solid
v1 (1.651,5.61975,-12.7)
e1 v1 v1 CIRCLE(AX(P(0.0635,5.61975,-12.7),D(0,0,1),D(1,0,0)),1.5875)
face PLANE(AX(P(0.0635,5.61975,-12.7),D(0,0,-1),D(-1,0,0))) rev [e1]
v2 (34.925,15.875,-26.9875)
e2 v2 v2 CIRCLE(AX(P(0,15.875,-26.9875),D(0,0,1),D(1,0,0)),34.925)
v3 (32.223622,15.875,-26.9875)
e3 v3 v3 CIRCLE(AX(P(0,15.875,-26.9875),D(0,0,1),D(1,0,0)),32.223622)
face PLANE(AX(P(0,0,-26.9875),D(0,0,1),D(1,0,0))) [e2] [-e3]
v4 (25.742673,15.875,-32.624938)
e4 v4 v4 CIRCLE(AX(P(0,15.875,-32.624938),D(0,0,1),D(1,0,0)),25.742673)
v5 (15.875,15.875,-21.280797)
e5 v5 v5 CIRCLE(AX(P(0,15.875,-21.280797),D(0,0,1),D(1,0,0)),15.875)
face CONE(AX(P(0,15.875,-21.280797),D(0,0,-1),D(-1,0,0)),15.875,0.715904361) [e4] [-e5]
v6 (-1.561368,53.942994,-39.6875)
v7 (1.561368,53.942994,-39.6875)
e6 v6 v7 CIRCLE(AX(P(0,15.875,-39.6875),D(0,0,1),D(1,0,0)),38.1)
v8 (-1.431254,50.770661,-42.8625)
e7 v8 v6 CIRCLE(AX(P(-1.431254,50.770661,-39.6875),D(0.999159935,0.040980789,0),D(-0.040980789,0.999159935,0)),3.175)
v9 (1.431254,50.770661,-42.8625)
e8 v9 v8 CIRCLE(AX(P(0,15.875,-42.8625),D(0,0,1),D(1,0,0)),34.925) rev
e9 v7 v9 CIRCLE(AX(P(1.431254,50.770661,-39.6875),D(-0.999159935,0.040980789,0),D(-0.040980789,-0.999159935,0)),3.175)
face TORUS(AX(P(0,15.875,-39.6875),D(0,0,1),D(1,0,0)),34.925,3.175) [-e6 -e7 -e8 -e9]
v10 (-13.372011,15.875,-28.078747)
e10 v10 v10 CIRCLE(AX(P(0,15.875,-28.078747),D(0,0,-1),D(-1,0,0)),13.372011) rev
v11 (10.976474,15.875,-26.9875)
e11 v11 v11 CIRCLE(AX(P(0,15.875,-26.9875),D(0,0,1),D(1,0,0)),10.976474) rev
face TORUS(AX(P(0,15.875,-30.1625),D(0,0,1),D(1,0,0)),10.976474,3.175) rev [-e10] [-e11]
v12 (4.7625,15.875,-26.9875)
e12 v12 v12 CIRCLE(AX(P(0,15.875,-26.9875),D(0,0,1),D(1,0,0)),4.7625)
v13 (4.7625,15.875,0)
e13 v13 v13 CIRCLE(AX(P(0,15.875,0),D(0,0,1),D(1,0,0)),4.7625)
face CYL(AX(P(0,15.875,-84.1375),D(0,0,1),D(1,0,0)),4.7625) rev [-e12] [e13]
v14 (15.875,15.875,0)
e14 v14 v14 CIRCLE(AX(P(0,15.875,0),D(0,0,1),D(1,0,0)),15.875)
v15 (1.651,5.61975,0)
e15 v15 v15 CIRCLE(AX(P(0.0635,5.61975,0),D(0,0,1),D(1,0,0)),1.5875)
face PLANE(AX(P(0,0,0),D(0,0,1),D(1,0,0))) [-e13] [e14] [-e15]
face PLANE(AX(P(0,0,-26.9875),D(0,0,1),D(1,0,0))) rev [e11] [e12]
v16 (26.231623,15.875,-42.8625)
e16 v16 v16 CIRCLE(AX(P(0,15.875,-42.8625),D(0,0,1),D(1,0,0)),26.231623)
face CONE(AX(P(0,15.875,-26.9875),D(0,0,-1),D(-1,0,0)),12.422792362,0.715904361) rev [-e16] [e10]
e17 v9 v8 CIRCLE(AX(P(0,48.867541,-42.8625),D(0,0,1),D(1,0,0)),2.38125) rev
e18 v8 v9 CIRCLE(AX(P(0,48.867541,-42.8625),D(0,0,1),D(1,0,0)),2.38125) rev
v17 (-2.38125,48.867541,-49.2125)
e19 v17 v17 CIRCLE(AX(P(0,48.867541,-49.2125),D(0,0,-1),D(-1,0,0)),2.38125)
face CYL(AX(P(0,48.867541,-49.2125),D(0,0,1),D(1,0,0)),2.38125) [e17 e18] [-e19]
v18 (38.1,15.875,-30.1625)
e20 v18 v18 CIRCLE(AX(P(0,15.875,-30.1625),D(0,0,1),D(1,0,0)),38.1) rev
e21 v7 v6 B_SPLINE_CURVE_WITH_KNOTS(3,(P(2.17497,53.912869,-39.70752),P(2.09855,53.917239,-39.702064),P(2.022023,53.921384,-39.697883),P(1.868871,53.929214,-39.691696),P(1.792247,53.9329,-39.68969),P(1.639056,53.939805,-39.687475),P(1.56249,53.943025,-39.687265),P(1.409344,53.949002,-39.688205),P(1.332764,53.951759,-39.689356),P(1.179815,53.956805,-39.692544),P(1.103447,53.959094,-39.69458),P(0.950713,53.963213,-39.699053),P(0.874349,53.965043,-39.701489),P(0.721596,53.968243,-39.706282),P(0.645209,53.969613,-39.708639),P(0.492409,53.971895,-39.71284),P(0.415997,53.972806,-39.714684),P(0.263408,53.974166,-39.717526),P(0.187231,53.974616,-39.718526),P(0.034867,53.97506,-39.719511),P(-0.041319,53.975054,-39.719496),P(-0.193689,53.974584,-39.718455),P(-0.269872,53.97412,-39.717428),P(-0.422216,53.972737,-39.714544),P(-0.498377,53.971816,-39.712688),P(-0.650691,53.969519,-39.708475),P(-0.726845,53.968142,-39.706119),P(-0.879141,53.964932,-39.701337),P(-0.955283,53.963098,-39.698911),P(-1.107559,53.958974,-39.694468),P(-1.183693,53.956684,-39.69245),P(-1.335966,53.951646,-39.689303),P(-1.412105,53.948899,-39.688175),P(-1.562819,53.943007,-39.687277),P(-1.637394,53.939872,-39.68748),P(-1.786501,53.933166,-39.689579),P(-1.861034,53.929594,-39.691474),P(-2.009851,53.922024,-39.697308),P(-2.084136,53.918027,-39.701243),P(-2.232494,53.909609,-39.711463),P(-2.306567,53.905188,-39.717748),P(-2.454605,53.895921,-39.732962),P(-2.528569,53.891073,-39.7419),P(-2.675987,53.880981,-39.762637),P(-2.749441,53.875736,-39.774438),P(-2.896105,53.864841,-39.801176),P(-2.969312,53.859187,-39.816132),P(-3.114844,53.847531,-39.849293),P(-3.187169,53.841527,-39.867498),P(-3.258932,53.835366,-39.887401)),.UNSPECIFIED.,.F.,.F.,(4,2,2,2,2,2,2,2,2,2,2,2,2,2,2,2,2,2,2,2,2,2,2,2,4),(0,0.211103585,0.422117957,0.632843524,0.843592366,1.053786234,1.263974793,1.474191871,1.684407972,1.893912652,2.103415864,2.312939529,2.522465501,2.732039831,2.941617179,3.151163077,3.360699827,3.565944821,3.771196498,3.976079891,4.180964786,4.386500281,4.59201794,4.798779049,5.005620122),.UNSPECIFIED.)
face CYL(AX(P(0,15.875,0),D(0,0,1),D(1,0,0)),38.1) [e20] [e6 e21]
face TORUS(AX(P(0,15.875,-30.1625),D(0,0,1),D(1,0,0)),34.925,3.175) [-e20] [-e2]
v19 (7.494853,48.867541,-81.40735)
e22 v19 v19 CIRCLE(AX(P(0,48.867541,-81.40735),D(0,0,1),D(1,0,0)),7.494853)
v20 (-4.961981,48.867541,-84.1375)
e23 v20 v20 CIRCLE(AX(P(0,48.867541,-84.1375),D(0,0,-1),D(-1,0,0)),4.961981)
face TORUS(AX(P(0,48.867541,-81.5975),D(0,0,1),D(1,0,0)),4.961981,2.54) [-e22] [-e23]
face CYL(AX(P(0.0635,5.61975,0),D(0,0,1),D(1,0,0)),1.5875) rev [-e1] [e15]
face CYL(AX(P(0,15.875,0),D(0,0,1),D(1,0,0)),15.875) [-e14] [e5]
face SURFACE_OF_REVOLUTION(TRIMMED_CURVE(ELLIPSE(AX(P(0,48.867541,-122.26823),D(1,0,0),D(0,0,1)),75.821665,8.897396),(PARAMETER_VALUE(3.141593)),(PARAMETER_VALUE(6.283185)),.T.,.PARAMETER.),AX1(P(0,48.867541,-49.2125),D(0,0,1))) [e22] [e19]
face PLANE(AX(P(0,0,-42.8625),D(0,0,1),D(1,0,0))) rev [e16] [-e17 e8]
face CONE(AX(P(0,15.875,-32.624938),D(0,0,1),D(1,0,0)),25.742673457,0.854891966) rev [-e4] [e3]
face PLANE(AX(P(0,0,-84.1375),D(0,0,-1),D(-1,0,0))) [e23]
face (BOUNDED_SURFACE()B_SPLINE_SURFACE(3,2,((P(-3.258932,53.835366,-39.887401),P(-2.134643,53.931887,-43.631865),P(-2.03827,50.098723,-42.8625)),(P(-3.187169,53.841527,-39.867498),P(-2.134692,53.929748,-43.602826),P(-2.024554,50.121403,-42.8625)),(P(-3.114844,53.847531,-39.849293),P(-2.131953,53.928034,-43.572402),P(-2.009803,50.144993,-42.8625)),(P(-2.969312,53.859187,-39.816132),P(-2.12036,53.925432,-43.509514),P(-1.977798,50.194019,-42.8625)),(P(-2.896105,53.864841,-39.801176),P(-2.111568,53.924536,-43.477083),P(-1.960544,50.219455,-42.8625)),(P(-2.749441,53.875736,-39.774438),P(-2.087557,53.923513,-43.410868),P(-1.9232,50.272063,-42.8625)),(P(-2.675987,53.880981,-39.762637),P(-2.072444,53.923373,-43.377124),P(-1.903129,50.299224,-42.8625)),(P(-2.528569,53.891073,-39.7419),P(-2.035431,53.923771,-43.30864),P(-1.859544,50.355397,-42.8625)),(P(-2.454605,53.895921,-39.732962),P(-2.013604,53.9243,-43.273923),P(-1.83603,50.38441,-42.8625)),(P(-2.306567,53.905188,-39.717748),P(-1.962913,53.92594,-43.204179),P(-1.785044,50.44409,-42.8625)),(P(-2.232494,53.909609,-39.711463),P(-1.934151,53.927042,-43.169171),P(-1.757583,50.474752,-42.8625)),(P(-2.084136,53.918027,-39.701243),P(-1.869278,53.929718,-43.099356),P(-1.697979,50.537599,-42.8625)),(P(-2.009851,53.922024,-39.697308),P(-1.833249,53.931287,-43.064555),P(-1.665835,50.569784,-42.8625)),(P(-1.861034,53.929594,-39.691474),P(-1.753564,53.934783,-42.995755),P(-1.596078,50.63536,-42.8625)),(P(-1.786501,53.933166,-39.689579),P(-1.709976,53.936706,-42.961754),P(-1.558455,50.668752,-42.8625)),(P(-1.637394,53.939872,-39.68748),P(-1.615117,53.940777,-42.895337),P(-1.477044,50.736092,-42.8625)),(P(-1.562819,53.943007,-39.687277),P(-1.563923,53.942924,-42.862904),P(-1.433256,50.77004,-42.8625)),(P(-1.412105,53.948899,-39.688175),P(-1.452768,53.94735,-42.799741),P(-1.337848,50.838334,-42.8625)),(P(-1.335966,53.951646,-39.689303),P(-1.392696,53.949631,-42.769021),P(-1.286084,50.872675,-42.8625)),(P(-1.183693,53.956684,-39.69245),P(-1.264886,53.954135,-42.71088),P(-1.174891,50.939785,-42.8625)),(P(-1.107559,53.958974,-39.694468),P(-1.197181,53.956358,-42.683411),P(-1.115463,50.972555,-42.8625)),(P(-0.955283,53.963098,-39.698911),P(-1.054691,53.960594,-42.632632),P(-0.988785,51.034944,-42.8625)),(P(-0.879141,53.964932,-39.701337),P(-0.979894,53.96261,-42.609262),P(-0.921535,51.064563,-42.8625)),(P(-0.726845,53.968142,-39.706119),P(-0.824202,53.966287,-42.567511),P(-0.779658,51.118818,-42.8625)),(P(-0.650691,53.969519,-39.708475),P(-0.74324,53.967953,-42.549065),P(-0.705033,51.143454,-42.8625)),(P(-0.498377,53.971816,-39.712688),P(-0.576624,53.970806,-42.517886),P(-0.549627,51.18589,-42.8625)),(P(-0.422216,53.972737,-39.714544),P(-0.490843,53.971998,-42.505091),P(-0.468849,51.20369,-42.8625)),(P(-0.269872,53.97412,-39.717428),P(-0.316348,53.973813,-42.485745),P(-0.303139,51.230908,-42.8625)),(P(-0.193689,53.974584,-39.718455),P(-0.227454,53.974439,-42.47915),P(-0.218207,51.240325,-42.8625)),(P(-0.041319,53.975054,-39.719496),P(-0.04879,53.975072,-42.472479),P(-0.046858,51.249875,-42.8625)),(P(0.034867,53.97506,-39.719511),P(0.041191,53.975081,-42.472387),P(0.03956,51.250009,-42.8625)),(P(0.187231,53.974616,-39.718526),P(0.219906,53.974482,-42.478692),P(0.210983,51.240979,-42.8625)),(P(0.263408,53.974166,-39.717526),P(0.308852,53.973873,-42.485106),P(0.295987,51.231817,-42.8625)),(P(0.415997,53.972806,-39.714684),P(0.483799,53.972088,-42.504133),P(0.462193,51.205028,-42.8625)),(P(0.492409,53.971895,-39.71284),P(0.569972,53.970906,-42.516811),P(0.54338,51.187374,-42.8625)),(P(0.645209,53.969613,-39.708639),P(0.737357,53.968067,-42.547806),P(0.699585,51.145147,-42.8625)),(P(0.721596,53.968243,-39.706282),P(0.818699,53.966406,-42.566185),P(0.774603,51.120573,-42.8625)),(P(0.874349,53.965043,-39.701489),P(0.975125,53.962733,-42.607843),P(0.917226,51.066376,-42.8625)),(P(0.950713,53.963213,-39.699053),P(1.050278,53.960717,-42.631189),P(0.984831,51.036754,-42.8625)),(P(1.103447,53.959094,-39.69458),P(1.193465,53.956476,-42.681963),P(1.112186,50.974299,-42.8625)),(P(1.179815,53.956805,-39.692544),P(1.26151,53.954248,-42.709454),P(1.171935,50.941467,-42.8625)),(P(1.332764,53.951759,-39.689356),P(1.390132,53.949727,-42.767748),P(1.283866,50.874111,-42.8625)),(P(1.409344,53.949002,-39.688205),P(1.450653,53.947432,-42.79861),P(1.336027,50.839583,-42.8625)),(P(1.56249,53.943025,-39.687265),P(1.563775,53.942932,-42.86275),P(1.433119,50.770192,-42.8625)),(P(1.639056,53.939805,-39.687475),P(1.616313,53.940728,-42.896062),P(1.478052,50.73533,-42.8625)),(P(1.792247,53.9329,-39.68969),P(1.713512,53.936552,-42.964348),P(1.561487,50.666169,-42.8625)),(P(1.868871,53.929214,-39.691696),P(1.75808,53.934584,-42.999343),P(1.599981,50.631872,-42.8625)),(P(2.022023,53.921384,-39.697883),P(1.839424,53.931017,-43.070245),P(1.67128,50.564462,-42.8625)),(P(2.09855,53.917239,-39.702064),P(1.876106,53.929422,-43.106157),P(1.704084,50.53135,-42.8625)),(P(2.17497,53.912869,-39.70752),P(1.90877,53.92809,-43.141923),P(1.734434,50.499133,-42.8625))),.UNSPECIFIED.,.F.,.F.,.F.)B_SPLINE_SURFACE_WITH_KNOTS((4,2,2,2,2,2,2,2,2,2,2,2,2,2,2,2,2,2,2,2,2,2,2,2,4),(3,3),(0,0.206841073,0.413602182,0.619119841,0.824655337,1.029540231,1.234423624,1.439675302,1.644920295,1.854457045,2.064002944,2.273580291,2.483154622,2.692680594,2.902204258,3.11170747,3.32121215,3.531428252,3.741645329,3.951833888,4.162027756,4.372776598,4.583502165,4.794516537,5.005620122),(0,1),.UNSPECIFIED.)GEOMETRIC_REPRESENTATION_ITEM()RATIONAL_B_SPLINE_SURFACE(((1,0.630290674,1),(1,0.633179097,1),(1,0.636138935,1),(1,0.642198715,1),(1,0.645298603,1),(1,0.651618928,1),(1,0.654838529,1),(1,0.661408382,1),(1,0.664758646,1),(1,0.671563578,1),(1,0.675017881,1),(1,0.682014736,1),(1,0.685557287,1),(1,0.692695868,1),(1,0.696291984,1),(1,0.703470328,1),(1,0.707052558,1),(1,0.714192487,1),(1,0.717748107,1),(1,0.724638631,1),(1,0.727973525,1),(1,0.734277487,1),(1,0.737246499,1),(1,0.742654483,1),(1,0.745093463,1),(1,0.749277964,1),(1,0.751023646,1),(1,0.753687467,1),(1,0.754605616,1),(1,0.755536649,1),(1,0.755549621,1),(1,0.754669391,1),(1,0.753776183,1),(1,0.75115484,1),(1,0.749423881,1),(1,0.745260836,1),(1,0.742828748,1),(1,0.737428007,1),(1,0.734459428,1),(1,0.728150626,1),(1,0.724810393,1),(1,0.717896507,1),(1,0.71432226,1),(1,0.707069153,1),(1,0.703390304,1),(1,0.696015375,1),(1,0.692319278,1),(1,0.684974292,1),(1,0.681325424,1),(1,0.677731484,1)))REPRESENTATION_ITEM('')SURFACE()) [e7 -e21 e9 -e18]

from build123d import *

# Parameters (mm, degrees)
SKETCH3_R                        = 2.38125
BOSS_EXTRUDE1_DEPTH              = 6.35
FILLET1_R                        = 2.54
FILLET3_R                        = 3.175
SKETCH5_R                        = 4.7625
SCREW_HOLE_CUT_EXTRUDE2_DEPTH    = 109.204676355
F_1_8_0_125_DIAMETER_HOLE1_D     = 3.175
F_1_8_0_125_DIAMETER_HOLE1_DEPTH = 12.7


with BuildPart() as part:
    # Sketch2 → Revolve1 (revolve)
    with BuildSketch(Plane(origin=(0, 0, 0), x_dir=(0, 0, -1), z_dir=(1, 0, 0)), mode=Mode.PRIVATE) as revolve1_sk:
        Polygon((32.624937731, 41.617673457), (21.280797071, 31.75), (0, 31.75), (0, 18.415), (12.7, 18.415), (12.7, 15.875), (26.9875, 15.875), (26.9875, 28.297792362), (42.8625, 42.106622913), (42.8625, 53.975), (26.9875, 53.975), (26.9875, 48.098622271), align=None)
    revolve(revolve1_sk.sketch.rotate(Axis((0, 15.875, 0), (0, 0, -1)), 90), axis=Axis((0, 15.875, 0), (0, 0, -1)))

    # Sketch3 → Boss-Extrude1 (add)
    with BuildSketch(Plane(origin=(0, 0, -42.8625), x_dir=(-1, 0, 0), z_dir=(0, 0, -1))):
        with Locations(Location((0, 48.867541329, 0), (0, 0, 180))):
            Circle(SKETCH3_R)
    extrude(amount=BOSS_EXTRUDE1_DEPTH)

    # Sketch4 → Revolve2 (revolve)
    with BuildSketch(Plane(origin=(0, 0, 0), x_dir=(0, 0, -1), z_dir=(1, 0, 0))):
        with BuildLine():
            add(Edge.make_bspline(
                [(84.1375, 56.557956647), (57.469839142, 54.737210229), (49.2125, 51.248791329)],
                knots=[5.239339857, 5.239339857, 5.239339857, 6.012248194, 6.012248194, 6.012248194], degree=2, weights=[1, 0.926251327, 1]))
            Line((49.2125, 51.248791329), (49.2125, 48.867541329))
            Line((49.2125, 48.867541329), (84.1375, 48.867541329))
            Line((84.1375, 48.867541329), (84.1375, 56.557956647))
        make_face()
    revolve(axis=Axis((0, 48.867541329, -49.2125), (0, 0, -1)))

    # Fillet1
    fillet1_edges = [part.edges().sort_by_distance(p)[0] for p in [
        (0, 41.177126011, -84.1375),
    ]]
    fillet(fillet1_edges, radius=FILLET1_R)

    # Fillet3
    fillet3_edges = [part.edges().sort_by_distance(p)[0] for p in [
        (-38.1, 15.875, -26.9875),
        (-38.1, 15.875, -42.8625),
        (-12.422792362, 15.875, -26.9875),
    ]]
    fillet(fillet3_edges, radius=FILLET3_R)

    # Sketch5 → screw hole Cut-Extrude2 (cut, through all)
    with BuildSketch(Plane.XY):
        with Locations((0, 15.875)):
            Circle(SKETCH5_R)
    extrude(amount=-SCREW_HOLE_CUT_EXTRUDE2_DEPTH, mode=Mode.SUBTRACT)

    # 1/8 (0.125) Diameter Hole1
    with Locations(Plane(origin=(-4.34210106, -24.39093033, 0), x_dir=(1, 0, 0), z_dir=(0, 0, 1))):
        with Locations((4.40560106, 30.01068033)):
            Hole(F_1_8_0_125_DIAMETER_HOLE1_D / 2, depth=F_1_8_0_125_DIAMETER_HOLE1_DEPTH)


solid = part.part
